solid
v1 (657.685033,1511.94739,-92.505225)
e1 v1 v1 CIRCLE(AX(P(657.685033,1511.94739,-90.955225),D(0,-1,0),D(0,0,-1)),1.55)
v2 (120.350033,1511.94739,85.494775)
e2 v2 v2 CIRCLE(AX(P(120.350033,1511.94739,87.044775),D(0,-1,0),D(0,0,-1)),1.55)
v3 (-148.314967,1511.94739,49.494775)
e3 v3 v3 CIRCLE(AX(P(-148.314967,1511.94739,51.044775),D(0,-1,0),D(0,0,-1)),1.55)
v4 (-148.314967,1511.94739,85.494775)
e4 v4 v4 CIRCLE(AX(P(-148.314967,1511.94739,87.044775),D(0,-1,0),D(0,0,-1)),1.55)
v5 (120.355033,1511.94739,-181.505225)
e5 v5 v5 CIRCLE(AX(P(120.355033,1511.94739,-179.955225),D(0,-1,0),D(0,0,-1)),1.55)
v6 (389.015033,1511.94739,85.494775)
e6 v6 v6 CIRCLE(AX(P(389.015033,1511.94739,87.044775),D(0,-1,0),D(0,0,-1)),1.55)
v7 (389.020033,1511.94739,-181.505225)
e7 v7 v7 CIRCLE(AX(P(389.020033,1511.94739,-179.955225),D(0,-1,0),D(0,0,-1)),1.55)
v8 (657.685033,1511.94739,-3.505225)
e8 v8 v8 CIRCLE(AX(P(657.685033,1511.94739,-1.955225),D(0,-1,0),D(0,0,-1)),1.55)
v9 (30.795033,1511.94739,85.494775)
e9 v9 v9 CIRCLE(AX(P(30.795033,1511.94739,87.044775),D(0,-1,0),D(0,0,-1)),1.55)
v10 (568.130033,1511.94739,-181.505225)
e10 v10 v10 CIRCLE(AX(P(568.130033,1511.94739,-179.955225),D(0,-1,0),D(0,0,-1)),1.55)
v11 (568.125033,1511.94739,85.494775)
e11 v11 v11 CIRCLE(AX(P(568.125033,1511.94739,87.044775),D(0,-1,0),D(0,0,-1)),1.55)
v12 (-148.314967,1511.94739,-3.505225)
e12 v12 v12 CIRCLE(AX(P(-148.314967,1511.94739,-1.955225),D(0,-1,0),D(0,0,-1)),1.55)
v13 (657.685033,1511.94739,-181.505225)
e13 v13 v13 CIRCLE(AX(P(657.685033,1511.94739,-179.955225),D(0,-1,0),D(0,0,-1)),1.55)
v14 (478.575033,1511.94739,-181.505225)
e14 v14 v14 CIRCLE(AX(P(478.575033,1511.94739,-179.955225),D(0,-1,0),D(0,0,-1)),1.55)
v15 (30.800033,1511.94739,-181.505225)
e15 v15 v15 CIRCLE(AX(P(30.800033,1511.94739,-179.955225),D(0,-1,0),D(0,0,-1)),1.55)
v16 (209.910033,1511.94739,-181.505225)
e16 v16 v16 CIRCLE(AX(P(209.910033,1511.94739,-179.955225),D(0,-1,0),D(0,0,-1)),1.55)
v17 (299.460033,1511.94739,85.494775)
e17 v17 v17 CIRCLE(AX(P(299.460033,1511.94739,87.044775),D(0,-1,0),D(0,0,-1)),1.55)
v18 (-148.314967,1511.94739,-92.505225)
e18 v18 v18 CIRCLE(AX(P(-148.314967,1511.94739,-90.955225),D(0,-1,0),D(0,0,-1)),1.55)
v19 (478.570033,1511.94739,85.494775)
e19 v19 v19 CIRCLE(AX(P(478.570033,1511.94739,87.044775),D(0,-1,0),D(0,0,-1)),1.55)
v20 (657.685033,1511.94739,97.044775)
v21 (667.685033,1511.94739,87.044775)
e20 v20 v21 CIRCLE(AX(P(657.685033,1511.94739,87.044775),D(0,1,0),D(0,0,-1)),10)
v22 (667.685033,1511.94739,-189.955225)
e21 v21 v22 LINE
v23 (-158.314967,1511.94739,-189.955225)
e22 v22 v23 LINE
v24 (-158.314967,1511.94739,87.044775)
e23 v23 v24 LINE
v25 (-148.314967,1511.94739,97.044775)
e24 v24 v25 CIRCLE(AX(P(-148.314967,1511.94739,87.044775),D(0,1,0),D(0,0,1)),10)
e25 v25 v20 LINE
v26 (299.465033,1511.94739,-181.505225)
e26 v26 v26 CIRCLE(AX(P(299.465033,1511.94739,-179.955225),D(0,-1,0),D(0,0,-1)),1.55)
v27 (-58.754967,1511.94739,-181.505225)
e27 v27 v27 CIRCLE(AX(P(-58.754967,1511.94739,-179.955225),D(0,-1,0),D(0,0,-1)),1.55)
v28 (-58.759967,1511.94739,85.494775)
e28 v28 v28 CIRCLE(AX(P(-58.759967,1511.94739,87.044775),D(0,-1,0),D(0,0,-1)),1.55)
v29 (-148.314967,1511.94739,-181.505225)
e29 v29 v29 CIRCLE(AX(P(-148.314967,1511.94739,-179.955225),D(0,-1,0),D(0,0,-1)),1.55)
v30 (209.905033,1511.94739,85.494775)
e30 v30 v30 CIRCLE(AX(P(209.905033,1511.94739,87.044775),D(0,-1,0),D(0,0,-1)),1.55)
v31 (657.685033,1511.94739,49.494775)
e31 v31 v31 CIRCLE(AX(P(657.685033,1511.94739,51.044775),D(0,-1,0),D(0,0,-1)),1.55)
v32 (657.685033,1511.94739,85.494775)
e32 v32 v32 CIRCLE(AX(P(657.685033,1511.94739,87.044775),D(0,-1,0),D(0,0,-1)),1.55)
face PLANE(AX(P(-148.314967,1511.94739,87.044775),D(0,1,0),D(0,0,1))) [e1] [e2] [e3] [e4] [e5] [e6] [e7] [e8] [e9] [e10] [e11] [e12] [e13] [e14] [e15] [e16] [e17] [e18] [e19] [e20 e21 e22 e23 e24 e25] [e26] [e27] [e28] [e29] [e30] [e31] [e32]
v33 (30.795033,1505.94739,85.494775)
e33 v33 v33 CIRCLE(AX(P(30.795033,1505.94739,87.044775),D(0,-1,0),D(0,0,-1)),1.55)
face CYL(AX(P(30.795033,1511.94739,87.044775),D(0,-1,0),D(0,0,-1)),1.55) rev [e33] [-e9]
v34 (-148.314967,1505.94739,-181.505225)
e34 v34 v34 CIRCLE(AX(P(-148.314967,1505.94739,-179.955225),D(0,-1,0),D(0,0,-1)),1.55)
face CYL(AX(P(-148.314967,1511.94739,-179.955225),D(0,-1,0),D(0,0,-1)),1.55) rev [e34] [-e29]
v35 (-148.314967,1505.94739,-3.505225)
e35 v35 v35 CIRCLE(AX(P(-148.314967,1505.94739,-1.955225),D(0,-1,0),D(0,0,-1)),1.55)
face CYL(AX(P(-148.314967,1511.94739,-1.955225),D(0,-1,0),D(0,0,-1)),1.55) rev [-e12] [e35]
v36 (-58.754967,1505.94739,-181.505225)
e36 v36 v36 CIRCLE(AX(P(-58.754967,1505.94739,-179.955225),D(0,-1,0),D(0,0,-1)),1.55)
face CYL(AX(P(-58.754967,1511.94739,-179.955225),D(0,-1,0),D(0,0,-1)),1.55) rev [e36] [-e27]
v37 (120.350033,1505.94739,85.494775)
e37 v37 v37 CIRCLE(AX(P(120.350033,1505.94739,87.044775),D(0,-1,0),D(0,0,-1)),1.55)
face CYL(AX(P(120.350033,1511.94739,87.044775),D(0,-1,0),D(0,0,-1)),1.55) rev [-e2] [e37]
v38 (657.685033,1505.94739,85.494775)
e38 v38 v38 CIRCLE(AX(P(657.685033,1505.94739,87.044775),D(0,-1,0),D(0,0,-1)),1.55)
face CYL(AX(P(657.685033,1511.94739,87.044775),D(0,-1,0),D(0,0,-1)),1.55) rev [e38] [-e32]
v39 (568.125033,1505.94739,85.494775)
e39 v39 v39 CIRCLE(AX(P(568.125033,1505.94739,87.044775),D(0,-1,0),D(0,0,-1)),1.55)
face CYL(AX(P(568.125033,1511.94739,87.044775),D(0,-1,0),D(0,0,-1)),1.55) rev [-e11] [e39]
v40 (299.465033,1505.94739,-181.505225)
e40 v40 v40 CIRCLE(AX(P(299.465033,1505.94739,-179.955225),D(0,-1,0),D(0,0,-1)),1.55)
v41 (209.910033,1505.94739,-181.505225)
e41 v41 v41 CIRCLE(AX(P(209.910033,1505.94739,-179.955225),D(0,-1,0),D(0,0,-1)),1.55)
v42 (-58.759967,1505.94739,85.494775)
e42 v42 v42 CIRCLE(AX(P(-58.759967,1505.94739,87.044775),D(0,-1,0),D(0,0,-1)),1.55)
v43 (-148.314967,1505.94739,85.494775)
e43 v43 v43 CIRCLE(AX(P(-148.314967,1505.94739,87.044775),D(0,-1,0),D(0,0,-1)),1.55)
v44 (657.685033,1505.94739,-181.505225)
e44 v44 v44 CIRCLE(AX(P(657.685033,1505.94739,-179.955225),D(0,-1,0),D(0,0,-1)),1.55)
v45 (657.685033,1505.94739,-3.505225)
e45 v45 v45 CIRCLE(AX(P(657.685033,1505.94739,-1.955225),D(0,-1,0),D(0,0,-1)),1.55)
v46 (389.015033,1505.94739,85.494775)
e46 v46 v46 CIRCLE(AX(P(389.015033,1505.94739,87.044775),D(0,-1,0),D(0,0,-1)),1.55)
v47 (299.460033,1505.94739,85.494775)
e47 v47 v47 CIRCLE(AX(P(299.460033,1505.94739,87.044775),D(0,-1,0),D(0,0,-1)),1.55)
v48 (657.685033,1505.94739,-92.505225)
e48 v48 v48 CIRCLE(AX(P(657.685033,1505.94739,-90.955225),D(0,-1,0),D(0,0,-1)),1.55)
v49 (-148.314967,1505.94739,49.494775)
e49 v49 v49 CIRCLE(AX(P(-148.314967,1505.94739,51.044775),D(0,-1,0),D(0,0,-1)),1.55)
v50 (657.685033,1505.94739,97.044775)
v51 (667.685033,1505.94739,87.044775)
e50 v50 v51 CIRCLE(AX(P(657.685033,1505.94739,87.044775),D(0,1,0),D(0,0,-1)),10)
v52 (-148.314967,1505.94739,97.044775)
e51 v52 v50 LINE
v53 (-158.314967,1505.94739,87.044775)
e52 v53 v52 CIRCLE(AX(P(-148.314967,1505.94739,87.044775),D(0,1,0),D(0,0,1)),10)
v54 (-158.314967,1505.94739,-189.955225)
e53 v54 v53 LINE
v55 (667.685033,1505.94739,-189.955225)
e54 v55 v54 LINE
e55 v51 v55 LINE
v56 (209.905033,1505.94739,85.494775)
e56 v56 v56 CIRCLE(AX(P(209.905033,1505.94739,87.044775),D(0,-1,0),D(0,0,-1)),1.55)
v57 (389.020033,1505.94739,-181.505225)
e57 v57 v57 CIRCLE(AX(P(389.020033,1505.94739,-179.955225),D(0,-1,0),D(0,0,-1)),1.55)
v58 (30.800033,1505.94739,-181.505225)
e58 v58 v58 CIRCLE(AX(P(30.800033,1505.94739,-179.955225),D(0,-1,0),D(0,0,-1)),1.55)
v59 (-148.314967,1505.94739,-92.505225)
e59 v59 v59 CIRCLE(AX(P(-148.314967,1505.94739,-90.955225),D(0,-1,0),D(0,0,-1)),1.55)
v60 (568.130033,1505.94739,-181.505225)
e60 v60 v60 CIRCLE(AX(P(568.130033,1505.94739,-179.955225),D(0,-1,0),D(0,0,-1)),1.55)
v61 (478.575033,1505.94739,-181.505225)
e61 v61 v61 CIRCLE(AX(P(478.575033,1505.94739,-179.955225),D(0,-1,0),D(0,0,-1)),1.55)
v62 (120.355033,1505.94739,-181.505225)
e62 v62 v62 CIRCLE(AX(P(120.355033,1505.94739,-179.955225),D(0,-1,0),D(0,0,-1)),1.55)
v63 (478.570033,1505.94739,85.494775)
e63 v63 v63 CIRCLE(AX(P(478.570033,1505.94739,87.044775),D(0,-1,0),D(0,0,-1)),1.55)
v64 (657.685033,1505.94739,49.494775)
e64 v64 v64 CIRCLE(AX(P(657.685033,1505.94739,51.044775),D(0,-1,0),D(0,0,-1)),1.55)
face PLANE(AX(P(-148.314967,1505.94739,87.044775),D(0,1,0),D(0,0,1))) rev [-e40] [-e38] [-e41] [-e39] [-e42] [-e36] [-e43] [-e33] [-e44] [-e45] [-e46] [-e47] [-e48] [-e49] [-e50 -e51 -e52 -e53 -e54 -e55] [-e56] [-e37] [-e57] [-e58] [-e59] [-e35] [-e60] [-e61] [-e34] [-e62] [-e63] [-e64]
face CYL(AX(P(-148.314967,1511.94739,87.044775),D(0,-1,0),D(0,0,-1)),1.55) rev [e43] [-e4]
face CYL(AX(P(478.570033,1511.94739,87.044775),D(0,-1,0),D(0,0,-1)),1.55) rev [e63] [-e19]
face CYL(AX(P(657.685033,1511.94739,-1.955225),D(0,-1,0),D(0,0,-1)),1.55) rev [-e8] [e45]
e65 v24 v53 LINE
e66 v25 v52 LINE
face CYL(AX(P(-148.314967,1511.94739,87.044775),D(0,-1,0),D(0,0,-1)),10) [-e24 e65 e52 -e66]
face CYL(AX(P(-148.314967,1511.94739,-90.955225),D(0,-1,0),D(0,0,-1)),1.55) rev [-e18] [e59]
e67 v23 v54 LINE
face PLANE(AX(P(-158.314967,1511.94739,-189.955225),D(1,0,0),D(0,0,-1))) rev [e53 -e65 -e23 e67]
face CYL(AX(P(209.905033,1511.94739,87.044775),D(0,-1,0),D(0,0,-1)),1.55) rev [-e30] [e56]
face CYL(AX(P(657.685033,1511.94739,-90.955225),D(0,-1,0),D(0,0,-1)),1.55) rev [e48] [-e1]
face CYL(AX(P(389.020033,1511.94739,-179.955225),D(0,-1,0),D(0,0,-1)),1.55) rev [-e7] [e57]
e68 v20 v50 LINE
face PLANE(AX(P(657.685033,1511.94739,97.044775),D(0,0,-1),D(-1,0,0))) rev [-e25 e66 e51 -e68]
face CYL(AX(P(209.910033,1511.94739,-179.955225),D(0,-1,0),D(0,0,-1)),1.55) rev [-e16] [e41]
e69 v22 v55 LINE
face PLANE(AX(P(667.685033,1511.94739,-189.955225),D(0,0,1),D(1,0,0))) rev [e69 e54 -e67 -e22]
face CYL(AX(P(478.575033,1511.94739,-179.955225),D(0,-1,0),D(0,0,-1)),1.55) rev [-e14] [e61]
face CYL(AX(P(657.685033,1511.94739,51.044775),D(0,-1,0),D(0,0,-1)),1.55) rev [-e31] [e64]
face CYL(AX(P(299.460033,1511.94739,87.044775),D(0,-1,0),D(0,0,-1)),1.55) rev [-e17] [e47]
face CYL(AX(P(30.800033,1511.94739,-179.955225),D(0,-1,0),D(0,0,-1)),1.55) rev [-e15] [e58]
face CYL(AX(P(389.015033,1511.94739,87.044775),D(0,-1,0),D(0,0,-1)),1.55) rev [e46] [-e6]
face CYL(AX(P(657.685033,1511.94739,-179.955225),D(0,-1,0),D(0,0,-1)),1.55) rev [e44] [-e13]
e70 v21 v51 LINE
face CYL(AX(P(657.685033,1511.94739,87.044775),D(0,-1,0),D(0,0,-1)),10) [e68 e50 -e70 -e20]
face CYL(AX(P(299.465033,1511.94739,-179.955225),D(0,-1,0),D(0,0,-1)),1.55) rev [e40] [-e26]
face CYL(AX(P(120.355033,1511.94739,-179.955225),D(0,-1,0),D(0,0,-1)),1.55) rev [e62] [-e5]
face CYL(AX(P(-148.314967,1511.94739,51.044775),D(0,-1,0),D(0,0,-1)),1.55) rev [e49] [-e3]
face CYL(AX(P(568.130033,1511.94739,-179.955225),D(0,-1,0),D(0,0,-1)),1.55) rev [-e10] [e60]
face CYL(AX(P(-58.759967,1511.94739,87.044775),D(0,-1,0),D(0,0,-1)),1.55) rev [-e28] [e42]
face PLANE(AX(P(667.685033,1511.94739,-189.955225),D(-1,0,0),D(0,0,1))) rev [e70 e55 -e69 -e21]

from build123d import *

# Parameters (mm, degrees)
DODANIE_WYCI_GNI_CIE1_DEPTH = 6
SZKIC3_R                    = 1.55
WYTNIJ_WYCI_GNI_CIE1_DEPTH  = 6
SZYK_LINIOWY1_COUNT         = 2
SZYK_LINIOWY1_PITCH         = 36
SZYK_LINIOWY1_COL_COUNT     = 4
SZYK_LINIOWY1_COL_PITCH     = 89
SZYK_LINIOWY2_COUNT         = 9
SZYK_LINIOWY2_PITCH         = 89.555
SZKIC4_R                    = 1.55
WYTNIJ_WYCI_GNI_CIE2_DEPTH  = 6
SZYK_LINIOWY3_COUNT         = 9
SZYK_LINIOWY3_PITCH         = 89.555
SZYK_LINIOWY3_COL_COUNT     = 4
SZYK_LINIOWY3_COL_PITCH     = 89
SZYK_LINIOWY4_COUNT         = 2
SZYK_LINIOWY4_PITCH         = 231


with BuildPart() as part:
    # Szkic2 → Dodanie-wyciągnięcie1 (new body)
    with BuildSketch(Plane.ZX.offset(1505.947389818)):
        with BuildLine():
            Line((-189.955224703, 667.685033185), (-189.955224703, -158.314966815))
            Line((-189.955224703, -158.314966815), (87.044775297, -158.314966815))
            ThreePointArc((87.044775297, -158.314966815), (94.115843109, -155.386034627), (97.044775297, -148.314966815))
            Line((97.044775297, -148.314966815), (97.044775297, 657.685033185))
            ThreePointArc((97.044775297, 657.685033185), (94.115843109, 664.756100997), (87.044775297, 667.685033185))
            Line((87.044775297, 667.685033185), (-189.955224703, 667.685033185))
        make_face()
    extrude(amount=DODANIE_WYCI_GNI_CIE1_DEPTH)

    # Szkic3 → Wytnij-wyciągnięcie1 (cut)
    with BuildSketch(Plane.XZ.offset(-1505.947389818)):
        with Locations(Location((-148.314966815, 87.044775297, 0), (0, 0, 270))):
            Circle(SZKIC3_R)
    wytnij_wyci_gni_cie1 = extrude(amount=-WYTNIJ_WYCI_GNI_CIE1_DEPTH, mode=Mode.SUBTRACT)

    # Szyk liniowy1: Wytnij-wyciągnięcie1 ×2
    with Locations(*[(0, 0, -i * SZYK_LINIOWY1_PITCH) for i in range(1, SZYK_LINIOWY1_COUNT)]):
        add(wytnij_wyci_gni_cie1, mode=Mode.SUBTRACT)

    # Szyk liniowy1 col: Wytnij-wyciągnięcie1 ×4
    with Locations(*[(0, 0, -i * SZYK_LINIOWY1_COL_PITCH) for i in range(1, SZYK_LINIOWY1_COL_COUNT)]):
        add(wytnij_wyci_gni_cie1, mode=Mode.SUBTRACT)

    # Szyk liniowy2: Wytnij-wyciągnięcie1 ×9
    with Locations(*[(i * SZYK_LINIOWY2_PITCH, 0, 0) for i in range(1, SZYK_LINIOWY2_COUNT)]):
        add(wytnij_wyci_gni_cie1, mode=Mode.SUBTRACT)

    # Szkic4 → Wytnij-wyciągnięcie2 (cut)
    with BuildSketch(Plane.XZ.offset(-1505.947389818)):
        with Locations(Location((657.685033185, -179.955224703, 0), (0, 0, 270))):
            Circle(SZKIC4_R)
    wytnij_wyci_gni_cie2 = extrude(amount=-WYTNIJ_WYCI_GNI_CIE2_DEPTH, mode=Mode.SUBTRACT)

    # Szyk liniowy3: Wytnij-wyciągnięcie2 ×9
    with Locations(*[(-i * SZYK_LINIOWY3_PITCH, 0, 0) for i in range(1, SZYK_LINIOWY3_COUNT)]):
        add(wytnij_wyci_gni_cie2, mode=Mode.SUBTRACT)

    # Szyk liniowy3 col: Wytnij-wyciągnięcie2 ×4
    with Locations(*[(0, 0, i * SZYK_LINIOWY3_COL_PITCH) for i in range(1, SZYK_LINIOWY3_COL_COUNT)]):
        add(wytnij_wyci_gni_cie2, mode=Mode.SUBTRACT)

    # Szyk liniowy4: Wytnij-wyciągnięcie2 ×2
    with Locations(*[(0, 0, i * SZYK_LINIOWY4_PITCH) for i in range(1, SZYK_LINIOWY4_COUNT)]):
        add(wytnij_wyci_gni_cie2, mode=Mode.SUBTRACT)


solid = part.part
